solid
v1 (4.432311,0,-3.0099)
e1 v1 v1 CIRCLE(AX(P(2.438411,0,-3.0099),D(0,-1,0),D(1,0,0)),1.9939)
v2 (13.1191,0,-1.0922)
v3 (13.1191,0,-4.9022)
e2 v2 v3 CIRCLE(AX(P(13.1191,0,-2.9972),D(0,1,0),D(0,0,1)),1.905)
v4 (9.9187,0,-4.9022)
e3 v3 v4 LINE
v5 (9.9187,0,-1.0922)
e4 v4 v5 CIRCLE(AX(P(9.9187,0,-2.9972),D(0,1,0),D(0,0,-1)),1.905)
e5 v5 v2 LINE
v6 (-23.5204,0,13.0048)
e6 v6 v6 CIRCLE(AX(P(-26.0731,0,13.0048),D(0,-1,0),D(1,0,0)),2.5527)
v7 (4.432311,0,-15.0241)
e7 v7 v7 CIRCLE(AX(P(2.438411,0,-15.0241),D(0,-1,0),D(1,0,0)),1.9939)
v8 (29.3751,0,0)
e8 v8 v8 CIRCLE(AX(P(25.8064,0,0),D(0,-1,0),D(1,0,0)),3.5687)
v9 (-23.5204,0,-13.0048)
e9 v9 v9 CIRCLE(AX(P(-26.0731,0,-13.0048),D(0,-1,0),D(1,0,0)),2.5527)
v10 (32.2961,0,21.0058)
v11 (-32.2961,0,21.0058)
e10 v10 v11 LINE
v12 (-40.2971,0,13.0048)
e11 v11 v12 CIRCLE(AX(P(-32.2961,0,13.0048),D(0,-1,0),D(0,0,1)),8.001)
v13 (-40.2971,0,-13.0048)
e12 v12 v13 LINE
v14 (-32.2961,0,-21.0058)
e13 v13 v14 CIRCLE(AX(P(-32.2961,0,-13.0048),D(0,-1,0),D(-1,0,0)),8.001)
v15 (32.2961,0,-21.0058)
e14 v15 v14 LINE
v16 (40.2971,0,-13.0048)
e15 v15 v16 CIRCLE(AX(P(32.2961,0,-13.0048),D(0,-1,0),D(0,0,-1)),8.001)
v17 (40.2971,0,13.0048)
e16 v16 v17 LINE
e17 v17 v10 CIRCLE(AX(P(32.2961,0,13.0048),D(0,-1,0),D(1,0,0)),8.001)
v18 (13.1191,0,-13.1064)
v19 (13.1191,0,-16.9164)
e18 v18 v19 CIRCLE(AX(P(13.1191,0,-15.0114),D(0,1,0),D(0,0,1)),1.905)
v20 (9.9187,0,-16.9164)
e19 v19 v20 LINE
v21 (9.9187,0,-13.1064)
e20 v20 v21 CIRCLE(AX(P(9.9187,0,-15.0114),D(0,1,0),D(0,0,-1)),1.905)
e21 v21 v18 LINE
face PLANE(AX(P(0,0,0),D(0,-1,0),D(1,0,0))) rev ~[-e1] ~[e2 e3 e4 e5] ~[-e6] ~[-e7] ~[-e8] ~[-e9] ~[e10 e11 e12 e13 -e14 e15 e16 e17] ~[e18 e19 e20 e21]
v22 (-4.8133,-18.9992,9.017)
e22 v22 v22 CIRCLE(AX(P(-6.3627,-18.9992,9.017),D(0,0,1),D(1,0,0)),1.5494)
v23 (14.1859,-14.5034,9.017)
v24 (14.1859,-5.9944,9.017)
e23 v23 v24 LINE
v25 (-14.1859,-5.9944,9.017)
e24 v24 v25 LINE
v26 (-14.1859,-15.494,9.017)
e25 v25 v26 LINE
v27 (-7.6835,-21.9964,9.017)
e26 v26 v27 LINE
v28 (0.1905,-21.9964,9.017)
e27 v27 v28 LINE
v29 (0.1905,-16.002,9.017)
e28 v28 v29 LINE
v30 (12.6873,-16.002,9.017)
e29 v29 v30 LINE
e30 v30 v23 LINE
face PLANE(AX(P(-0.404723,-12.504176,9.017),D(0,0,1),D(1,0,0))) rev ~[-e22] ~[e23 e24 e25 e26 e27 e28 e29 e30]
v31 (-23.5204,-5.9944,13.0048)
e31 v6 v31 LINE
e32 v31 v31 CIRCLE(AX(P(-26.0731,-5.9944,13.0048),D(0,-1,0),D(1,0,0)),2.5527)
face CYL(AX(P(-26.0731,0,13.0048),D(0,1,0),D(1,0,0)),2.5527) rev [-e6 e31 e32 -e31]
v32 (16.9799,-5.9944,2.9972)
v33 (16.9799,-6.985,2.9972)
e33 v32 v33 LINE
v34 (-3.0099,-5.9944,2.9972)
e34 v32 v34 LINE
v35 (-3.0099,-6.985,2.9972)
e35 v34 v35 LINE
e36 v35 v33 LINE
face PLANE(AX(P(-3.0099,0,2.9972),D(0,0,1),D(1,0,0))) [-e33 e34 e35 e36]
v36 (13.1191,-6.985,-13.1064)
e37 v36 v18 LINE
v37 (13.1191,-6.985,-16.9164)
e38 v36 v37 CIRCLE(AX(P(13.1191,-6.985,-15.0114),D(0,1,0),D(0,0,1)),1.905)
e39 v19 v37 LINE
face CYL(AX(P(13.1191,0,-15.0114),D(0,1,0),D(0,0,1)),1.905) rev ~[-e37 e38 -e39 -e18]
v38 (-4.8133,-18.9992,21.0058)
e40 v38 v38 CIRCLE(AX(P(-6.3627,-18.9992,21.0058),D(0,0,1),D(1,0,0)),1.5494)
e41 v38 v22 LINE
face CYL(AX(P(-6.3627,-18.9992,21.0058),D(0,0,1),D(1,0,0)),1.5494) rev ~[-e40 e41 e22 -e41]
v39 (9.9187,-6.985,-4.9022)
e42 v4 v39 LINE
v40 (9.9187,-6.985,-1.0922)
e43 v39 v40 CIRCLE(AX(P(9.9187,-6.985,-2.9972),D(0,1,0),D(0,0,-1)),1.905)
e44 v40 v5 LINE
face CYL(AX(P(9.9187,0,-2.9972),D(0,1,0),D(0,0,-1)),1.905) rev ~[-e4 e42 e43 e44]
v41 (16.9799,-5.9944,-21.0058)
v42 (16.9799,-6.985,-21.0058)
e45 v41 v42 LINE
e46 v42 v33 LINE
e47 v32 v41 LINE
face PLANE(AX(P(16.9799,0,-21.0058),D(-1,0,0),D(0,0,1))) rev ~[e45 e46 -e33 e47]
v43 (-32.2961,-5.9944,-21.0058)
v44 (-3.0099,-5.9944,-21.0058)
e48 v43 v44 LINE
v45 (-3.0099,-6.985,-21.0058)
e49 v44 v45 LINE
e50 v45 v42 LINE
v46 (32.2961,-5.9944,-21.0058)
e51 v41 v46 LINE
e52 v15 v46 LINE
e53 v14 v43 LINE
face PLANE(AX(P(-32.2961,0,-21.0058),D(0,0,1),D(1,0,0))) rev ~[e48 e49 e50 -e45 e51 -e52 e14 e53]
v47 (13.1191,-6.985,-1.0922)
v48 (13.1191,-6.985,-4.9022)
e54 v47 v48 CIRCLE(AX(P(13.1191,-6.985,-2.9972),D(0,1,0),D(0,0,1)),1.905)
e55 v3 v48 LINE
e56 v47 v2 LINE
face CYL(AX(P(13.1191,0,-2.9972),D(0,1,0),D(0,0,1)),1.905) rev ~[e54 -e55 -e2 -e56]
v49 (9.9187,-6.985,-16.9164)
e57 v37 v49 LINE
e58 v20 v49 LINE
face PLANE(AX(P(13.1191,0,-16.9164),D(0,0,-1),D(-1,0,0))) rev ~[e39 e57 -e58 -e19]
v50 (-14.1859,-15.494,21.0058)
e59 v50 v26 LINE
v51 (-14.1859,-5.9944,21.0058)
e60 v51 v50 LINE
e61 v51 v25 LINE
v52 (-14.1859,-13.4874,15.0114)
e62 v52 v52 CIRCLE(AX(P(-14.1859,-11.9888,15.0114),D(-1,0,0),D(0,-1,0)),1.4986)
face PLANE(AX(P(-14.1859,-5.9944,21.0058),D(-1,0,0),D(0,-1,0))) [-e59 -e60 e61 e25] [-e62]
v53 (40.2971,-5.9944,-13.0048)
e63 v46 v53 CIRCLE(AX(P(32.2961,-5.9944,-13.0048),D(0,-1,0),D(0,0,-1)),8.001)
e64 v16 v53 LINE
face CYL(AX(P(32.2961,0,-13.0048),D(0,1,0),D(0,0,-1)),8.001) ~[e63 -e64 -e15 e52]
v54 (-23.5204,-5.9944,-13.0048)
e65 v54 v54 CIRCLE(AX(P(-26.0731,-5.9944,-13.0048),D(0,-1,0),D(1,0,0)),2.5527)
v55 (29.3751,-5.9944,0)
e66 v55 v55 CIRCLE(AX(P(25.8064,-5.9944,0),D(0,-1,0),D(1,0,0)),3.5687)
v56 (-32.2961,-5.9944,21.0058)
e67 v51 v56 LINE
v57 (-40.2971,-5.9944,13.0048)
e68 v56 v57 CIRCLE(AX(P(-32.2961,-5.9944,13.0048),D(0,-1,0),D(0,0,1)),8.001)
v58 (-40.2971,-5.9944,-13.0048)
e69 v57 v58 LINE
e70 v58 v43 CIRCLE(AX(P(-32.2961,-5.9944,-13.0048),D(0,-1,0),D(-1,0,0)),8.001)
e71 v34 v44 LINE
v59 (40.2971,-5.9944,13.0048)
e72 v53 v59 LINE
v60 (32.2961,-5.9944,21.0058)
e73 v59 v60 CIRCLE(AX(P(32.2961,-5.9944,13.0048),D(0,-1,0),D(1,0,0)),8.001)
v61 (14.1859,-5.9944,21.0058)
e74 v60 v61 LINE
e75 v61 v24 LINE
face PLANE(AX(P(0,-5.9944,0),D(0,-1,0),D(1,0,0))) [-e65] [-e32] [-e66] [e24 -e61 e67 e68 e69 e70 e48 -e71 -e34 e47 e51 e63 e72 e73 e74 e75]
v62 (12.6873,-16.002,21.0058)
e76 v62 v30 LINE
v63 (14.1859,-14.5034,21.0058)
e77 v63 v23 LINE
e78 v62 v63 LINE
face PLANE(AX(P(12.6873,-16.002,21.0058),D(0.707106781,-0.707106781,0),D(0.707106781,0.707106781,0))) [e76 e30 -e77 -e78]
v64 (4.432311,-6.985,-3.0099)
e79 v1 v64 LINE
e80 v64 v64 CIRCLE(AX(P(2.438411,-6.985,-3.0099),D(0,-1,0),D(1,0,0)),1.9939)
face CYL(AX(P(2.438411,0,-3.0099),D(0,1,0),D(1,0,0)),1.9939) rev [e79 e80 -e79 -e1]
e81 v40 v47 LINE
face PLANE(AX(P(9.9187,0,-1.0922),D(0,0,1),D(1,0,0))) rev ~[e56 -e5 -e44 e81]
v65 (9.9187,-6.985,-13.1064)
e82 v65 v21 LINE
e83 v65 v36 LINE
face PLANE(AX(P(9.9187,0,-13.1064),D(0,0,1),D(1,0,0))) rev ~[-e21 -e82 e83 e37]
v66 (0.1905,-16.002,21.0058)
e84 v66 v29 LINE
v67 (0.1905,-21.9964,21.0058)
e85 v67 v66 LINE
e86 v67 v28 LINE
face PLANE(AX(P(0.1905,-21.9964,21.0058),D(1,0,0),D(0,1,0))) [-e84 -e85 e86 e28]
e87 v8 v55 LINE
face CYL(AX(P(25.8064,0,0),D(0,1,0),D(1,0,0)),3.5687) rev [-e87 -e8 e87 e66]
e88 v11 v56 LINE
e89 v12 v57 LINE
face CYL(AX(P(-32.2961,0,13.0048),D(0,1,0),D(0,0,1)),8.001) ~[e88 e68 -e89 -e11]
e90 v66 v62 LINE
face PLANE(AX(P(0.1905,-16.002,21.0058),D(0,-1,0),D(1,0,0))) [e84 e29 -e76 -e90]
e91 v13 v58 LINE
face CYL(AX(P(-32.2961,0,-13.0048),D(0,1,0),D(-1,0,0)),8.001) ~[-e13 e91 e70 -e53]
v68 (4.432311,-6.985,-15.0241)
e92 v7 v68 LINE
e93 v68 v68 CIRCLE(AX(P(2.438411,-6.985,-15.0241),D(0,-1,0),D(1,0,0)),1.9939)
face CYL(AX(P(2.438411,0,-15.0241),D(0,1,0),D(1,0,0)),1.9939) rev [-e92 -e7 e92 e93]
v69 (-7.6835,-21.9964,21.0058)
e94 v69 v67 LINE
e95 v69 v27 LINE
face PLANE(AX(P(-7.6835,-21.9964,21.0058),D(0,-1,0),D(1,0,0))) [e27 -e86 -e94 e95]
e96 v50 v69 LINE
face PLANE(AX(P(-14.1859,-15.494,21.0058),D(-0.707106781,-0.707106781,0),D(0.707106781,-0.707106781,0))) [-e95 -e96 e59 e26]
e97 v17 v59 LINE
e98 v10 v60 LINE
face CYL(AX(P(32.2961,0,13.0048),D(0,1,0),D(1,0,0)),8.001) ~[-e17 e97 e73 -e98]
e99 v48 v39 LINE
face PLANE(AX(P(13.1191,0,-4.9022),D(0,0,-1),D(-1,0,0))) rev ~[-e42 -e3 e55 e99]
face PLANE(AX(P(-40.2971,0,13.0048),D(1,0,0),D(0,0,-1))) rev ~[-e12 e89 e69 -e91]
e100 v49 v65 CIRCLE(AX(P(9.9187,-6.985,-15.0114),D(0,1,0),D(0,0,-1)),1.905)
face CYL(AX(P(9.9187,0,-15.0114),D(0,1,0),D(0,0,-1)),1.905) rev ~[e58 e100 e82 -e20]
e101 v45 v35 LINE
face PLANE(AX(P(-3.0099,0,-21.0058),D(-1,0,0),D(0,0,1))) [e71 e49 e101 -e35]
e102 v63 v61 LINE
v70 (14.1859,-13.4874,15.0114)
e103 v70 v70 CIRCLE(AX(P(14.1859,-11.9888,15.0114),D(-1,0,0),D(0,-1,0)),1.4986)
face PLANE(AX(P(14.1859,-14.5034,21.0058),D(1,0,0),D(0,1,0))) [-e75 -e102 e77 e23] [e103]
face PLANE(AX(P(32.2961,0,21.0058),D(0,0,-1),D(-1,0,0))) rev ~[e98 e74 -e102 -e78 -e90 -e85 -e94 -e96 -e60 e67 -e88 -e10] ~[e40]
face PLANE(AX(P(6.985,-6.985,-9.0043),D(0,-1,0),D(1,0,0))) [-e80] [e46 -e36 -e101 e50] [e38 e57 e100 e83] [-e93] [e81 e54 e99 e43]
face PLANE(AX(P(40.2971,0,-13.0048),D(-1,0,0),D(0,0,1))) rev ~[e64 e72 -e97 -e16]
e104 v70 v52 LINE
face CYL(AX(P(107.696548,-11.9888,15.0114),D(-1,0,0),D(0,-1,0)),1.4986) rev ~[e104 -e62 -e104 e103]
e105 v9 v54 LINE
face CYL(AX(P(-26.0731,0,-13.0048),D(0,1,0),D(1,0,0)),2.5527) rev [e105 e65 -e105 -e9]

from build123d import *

# Parameters (mm, degrees)
F0_R     = 2.5527
F0_R_2   = 1.9939
F0_R_3   = 3.5687
F1_DEPTH = 5.9944
F2_W     = 19.9898
F2_H     = 24.003
F2_R     = 1.9939
F3_DEPTH = 6.985
F4_R     = 1.5494
F5_DEPTH = 11.9888
F7_D     = 2.9972


with BuildPart() as f1:
    # F0 (on Front) → F1 (new body)
    with BuildSketch(Plane.XZ):
        with BuildLine():
            ThreePointArc((40.2971, 13.0048), (37.9536613563, 18.6623613563), (32.2961, 21.0058))
            Line((32.2961, 21.0058), (-32.2961, 21.0058))
            ThreePointArc((-32.2961, 21.0058), (-37.9536613563, 18.6623613563), (-40.2971, 13.0048))
            Line((-40.2971, 13.0048), (-40.2971, -13.0048))
            ThreePointArc((-40.2971, -13.0048), (-37.9536613563, -18.6623613563), (-32.2961, -21.0058))
            Line((-32.2961, -21.0058), (32.2961, -21.0058))
            ThreePointArc((32.2961, -21.0058), (37.9536613563, -18.6623613563), (40.2971, -13.0048))
            Line((40.2971, -13.0048), (40.2971, 13.0048))
        make_face()
        with Locations((-26.0731, -13.0048)):
            Circle(F0_R, mode=Mode.SUBTRACT)
        with Locations((2.438410781, -15.0241)):
            Circle(F0_R_2, mode=Mode.SUBTRACT)
        with BuildLine():
            Line((13.1191, -16.9164), (9.9187, -16.9164))
            ThreePointArc((9.9187, -16.9164), (8.0137, -15.0114), (9.9187, -13.1064))
            Line((9.9187, -13.1064), (13.1191, -13.1064))
            ThreePointArc((13.1191, -13.1064), (15.0241, -15.0114), (13.1191, -16.9164))
        make_face(mode=Mode.SUBTRACT)
        with Locations((2.438410781, -3.0099)):
            Circle(F0_R_2, mode=Mode.SUBTRACT)
        with BuildLine():
            Line((13.1191, -4.9022), (9.9187, -4.9022))
            ThreePointArc((9.9187, -4.9022), (8.0137, -2.9972), (9.9187, -1.0922))
            Line((9.9187, -1.0922), (13.1191, -1.0922))
            ThreePointArc((13.1191, -1.0922), (15.0241, -2.9972), (13.1191, -4.9022))
        make_face(mode=Mode.SUBTRACT)
        with Locations((-26.0731, 13.0048)):
            Circle(F0_R, mode=Mode.SUBTRACT)
        with Locations((25.8064, 0)):
            Circle(F0_R_3, mode=Mode.SUBTRACT)
    extrude(amount=F1_DEPTH)

    # F2 (on Front) → F3 (join)
    with BuildSketch(Plane.XZ):
        with Locations((6.985, -9.0043)):
            Rectangle(F2_W, F2_H)
        with Locations((2.438410781, -15.0241)):
            Circle(F2_R, mode=Mode.SUBTRACT)
        with BuildLine():
            Line((13.1191, -16.9164), (9.9187, -16.9164))
            ThreePointArc((9.9187, -16.9164), (8.0137, -15.0114), (9.9187, -13.1064))
            Line((9.9187, -13.1064), (13.1191, -13.1064))
            ThreePointArc((13.1191, -13.1064), (15.0241, -15.0114), (13.1191, -16.9164))
        make_face(mode=Mode.SUBTRACT)
        with Locations((2.438410781, -3.0099)):
            Circle(F2_R, mode=Mode.SUBTRACT)
        with BuildLine():
            Line((13.1191, -4.9022), (9.9187, -4.9022))
            ThreePointArc((9.9187, -4.9022), (8.0137, -2.9972), (9.9187, -1.0922))
            Line((9.9187, -1.0922), (13.1191, -1.0922))
            ThreePointArc((13.1191, -1.0922), (15.0241, -2.9972), (13.1191, -4.9022))
        make_face(mode=Mode.SUBTRACT)
    extrude(amount=F3_DEPTH)

    # F4 (on face) → F5 (join)
    with BuildSketch(Plane.XY.offset(21.0058)):
        Polygon((14.1859, -5.9944), (-14.1859, -5.9944), (-14.1859, -15.494), (-7.6835, -21.9964), (0.1905, -21.9964), (0.1905, -16.002), (12.6873, -16.002), (14.1859, -14.5034), align=None)
        with Locations((-6.3627, -18.9992)):
            Circle(F4_R, mode=Mode.SUBTRACT)
    extrude(amount=-F5_DEPTH)

    # F7 (through all)
    with Locations(Plane.YZ.offset(14.1859)):
        with Locations((-11.9888, 15.0114)):
            Hole(F7_D / 2)


solid = f1.part
